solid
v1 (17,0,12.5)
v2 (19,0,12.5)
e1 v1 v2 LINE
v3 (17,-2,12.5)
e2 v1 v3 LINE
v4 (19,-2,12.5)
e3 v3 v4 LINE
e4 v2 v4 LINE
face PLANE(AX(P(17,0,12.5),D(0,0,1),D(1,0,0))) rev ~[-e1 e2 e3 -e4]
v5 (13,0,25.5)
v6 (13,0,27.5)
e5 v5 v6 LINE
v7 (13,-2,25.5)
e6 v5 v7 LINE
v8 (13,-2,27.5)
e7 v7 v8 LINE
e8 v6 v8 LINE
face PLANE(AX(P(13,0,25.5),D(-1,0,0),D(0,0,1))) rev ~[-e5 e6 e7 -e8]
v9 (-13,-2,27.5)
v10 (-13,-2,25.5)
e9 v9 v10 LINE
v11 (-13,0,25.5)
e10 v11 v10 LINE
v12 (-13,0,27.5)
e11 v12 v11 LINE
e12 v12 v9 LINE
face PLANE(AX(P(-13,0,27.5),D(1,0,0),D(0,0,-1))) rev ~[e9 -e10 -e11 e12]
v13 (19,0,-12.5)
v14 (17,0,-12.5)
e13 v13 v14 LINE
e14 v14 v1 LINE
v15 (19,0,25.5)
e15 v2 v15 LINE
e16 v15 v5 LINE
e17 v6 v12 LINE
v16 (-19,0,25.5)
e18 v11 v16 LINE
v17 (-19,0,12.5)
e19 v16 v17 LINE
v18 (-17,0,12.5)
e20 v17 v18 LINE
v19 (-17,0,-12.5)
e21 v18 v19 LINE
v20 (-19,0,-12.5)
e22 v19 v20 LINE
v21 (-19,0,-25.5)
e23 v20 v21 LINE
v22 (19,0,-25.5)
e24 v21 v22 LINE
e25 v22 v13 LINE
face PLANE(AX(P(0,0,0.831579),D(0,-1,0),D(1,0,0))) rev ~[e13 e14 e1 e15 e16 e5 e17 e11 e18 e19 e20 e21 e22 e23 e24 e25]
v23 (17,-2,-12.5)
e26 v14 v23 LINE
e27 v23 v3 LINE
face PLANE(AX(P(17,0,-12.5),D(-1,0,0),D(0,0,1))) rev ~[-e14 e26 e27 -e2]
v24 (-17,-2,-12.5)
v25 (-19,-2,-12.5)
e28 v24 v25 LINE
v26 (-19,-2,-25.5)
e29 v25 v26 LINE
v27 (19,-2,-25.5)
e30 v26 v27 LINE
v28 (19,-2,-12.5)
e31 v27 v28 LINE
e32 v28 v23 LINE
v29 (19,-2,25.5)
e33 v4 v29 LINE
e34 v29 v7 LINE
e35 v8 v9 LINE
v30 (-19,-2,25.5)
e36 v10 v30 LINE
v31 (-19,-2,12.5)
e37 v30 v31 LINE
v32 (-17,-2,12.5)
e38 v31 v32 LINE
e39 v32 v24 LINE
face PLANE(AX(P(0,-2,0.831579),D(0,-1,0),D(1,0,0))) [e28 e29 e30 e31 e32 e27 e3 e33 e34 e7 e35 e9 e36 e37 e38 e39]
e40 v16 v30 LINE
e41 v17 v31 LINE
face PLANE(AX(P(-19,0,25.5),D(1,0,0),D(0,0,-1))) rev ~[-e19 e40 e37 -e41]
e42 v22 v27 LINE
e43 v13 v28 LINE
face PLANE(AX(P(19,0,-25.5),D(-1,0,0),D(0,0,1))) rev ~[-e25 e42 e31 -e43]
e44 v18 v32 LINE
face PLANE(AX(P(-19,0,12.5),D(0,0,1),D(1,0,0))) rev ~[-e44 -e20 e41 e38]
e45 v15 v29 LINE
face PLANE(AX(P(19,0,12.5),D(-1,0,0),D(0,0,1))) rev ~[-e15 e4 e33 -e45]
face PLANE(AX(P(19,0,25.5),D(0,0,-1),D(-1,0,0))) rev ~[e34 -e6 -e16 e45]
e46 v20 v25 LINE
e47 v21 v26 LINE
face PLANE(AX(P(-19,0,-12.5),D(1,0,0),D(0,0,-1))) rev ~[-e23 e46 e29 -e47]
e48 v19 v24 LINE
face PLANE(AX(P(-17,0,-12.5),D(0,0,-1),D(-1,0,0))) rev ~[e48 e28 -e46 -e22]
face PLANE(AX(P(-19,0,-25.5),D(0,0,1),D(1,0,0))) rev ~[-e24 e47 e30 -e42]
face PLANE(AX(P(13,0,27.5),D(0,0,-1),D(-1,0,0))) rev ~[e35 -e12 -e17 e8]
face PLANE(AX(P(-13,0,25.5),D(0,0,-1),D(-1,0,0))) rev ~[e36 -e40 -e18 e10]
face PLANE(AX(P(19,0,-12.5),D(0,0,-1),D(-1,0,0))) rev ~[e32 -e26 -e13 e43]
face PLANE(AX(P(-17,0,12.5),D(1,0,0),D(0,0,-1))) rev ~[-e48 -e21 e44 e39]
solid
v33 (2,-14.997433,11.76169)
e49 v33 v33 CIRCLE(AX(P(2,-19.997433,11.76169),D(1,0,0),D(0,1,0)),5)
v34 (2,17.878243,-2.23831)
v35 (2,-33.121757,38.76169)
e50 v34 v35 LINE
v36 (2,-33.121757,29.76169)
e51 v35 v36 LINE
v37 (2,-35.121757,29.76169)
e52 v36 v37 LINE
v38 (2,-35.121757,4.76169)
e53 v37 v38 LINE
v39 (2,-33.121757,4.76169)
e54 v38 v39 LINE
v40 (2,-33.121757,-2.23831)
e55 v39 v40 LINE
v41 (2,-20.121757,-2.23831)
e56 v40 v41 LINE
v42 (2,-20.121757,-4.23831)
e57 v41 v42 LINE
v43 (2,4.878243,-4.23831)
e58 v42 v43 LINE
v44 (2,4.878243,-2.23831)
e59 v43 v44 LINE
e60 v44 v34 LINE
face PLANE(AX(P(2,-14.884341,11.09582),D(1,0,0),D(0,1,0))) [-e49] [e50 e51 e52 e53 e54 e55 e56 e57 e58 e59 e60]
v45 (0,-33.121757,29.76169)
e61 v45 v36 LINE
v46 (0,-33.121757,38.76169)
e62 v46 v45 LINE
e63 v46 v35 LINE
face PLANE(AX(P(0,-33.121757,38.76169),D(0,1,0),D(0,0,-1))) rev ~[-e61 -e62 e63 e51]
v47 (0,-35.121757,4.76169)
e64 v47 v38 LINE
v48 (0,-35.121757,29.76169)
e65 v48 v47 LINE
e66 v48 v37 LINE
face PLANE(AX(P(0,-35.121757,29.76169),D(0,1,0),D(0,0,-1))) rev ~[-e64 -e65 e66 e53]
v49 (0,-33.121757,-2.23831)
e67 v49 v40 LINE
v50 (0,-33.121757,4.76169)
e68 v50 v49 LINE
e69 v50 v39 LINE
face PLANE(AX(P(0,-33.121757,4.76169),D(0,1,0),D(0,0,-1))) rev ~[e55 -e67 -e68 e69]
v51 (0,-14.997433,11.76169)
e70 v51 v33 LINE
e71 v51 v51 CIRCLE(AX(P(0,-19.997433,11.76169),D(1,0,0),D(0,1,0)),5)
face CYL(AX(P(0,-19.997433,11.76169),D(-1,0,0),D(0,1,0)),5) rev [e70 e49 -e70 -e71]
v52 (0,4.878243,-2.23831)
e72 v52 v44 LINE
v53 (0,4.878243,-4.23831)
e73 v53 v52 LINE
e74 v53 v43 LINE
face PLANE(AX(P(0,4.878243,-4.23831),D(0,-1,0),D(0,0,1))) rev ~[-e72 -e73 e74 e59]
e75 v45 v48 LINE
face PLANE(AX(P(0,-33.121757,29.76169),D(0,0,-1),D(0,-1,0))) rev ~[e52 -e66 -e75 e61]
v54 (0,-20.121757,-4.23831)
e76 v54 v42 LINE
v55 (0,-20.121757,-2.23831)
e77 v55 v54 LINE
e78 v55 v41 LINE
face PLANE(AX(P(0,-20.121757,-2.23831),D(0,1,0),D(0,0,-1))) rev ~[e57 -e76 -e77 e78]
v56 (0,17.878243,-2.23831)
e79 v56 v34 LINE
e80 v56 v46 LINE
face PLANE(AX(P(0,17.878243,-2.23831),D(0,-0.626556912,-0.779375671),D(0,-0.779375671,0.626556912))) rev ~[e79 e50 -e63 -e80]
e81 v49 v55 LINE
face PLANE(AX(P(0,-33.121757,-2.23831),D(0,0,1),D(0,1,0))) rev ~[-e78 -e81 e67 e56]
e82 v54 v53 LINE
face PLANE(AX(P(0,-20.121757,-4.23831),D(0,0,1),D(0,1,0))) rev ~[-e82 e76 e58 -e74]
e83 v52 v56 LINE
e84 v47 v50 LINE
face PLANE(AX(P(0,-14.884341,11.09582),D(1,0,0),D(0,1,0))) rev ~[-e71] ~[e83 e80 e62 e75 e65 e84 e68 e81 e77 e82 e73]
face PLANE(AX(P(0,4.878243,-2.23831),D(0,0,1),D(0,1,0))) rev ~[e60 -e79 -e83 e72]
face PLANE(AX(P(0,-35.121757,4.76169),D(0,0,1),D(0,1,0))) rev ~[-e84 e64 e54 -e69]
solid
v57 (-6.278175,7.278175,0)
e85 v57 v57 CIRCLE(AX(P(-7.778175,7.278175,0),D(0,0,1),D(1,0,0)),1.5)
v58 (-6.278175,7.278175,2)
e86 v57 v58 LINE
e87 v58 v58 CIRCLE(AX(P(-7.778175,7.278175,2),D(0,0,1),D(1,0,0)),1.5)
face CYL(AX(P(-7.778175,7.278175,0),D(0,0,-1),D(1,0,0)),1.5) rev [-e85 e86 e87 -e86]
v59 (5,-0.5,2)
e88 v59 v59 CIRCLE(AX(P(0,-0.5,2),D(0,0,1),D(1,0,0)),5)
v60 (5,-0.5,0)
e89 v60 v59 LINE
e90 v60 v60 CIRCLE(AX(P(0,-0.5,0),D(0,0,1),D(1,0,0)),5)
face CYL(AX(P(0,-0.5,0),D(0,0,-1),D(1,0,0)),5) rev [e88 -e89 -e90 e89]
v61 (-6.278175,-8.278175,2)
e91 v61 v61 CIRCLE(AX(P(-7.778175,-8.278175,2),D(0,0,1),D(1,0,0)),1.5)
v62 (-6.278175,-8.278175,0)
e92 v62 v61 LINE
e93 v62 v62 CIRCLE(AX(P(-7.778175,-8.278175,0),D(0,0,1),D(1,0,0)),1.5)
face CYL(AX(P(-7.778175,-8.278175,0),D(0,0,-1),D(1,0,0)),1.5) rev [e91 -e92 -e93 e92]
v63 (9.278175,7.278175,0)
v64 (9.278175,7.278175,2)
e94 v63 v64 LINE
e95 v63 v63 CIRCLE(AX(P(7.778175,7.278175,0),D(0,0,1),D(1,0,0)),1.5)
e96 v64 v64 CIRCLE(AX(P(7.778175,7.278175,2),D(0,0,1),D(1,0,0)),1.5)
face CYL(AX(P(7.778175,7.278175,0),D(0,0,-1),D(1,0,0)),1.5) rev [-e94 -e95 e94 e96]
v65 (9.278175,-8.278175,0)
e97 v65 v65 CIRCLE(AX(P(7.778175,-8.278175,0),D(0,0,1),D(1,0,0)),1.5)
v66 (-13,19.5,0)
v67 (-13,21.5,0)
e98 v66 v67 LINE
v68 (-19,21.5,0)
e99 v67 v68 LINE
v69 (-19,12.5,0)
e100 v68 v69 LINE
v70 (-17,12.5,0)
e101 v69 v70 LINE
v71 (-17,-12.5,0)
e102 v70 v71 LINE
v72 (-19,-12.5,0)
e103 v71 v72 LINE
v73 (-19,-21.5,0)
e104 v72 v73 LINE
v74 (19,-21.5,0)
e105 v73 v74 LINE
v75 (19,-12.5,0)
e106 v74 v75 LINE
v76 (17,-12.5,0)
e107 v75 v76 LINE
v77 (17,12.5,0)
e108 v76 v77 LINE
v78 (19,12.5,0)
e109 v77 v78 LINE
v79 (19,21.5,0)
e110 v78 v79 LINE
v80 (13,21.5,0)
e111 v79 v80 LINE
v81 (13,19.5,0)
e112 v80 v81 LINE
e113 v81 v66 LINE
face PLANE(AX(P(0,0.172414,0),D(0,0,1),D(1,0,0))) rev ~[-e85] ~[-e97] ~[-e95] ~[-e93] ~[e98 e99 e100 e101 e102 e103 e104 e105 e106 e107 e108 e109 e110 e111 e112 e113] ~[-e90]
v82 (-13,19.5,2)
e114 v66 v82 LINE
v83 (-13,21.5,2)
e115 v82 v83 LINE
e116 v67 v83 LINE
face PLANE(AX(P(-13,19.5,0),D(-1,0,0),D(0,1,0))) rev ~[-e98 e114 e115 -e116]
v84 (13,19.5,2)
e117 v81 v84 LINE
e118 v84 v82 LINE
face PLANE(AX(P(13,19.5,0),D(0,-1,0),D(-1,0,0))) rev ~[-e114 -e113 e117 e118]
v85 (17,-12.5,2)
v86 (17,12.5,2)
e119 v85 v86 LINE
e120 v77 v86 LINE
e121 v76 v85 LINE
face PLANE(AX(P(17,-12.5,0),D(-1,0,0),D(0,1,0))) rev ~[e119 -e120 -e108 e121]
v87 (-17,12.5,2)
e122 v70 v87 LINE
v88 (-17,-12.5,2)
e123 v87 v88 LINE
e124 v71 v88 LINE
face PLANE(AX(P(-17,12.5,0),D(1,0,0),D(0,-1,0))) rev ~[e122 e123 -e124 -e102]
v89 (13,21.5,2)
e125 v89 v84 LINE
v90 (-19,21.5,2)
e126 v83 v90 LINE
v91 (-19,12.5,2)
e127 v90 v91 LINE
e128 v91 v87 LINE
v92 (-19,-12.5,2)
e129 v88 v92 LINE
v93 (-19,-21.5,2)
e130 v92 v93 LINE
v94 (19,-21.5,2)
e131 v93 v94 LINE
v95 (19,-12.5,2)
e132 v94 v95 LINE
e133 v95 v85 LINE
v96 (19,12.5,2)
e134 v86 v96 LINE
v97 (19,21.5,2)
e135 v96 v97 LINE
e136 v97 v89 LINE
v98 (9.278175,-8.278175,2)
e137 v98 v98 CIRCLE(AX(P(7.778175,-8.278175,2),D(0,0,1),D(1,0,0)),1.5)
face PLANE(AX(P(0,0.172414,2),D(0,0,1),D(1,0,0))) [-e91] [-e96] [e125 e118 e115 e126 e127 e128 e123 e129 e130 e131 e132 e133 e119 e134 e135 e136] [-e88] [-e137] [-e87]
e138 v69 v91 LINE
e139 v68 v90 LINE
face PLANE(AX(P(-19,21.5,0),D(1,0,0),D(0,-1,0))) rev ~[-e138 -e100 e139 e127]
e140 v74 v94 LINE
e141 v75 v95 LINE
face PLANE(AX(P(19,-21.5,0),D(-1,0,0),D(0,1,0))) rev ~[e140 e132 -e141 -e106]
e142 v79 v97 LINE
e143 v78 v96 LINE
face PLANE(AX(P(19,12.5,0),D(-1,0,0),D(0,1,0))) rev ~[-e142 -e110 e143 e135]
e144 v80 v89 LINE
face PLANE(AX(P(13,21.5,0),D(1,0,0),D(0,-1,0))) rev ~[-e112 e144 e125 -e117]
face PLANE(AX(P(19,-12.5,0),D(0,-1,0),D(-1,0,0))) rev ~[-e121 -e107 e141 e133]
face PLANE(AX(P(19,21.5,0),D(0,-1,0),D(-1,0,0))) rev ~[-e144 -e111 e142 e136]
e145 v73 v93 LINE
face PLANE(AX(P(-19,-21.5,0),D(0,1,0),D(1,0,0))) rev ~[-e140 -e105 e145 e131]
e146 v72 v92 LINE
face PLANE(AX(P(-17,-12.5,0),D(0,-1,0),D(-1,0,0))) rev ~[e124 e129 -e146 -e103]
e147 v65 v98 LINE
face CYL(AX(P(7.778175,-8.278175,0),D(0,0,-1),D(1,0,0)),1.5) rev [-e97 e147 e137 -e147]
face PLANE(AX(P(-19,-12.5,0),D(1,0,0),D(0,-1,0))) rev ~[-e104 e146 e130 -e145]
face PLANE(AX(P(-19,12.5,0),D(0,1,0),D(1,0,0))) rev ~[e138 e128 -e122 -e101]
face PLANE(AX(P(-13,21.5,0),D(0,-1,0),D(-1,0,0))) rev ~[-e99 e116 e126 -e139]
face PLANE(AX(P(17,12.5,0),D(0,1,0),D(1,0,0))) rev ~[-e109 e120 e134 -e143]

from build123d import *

# Parameters (mm, degrees)
F1_DEPTH = 2
F6_R     = 1.5
F6_R_2   = 5
F7_DEPTH = 2
F8_R     = 5
F9_DEPTH = 2


with BuildPart() as f1:
    # F0 (on Front) → F1 (new body)
    with BuildSketch(Plane.XZ):
        Polygon((19, 12.5), (19, 25.5), (13, 25.5), (13, 27.5), (-13, 27.5), (-13, 25.5), (-19, 25.5), (-19, 12.5), (-17, 12.5), (-17, -12.5), (-19, -12.5), (-19, -25.5), (19, -25.5), (19, -12.5), (17, -12.5), (17, 12.5), align=None)
    extrude(amount=F1_DEPTH)


with BuildPart() as f2_1:
    # F2: copy of F1
    add(f1.part)


with BuildPart() as f4_1:
    # F4: copy of F1
    add(f1.part)


with BuildPart() as f7:
    # F6 (on Top) → F7 (new body)
    with BuildSketch(Plane.XY):
        Polygon((19, 12.5), (19, 21.5), (13, 21.5), (13, 19.5), (-13, 19.5), (-13, 21.5), (-19, 21.5), (-19, 12.5), (-17, 12.5), (-17, -12.5), (-19, -12.5), (-19, -21.5), (19, -21.5), (19, -12.5), (17, -12.5), (17, 12.5), align=None)
        with Locations((-7.778175, -8.278175)):
            Circle(F6_R, mode=Mode.SUBTRACT)
        with Locations((7.778175, -8.278175)):
            Circle(F6_R, mode=Mode.SUBTRACT)
        with Locations((0, -0.5)):
            Circle(F6_R_2, mode=Mode.SUBTRACT)
        with Locations((-7.778175, 7.278175)):
            Circle(F6_R, mode=Mode.SUBTRACT)
        with Locations((7.778175, 7.278175)):
            Circle(F6_R, mode=Mode.SUBTRACT)
    extrude(amount=F7_DEPTH)


with BuildPart() as f9:
    # F8 (on Right) → F9 (new body)
    with BuildSketch(Plane.YZ):
        Polygon((17.878243, -2.23831), (-33.121757, 38.76169), (-33.121757, 29.76169), (-35.121757, 29.76169), (-35.121757, 4.76169), (-33.121757, 4.76169), (-33.121757, -2.23831), (-20.121757, -2.23831), (-20.121757, -4.23831), (4.878243, -4.23831), (4.878243, -2.23831), align=None)
        with Locations((-19.997433, 11.76169)):
            Circle(F8_R, mode=Mode.SUBTRACT)
    extrude(amount=F9_DEPTH)


solid = Compound([f1.part, f7.part, f9.part])
